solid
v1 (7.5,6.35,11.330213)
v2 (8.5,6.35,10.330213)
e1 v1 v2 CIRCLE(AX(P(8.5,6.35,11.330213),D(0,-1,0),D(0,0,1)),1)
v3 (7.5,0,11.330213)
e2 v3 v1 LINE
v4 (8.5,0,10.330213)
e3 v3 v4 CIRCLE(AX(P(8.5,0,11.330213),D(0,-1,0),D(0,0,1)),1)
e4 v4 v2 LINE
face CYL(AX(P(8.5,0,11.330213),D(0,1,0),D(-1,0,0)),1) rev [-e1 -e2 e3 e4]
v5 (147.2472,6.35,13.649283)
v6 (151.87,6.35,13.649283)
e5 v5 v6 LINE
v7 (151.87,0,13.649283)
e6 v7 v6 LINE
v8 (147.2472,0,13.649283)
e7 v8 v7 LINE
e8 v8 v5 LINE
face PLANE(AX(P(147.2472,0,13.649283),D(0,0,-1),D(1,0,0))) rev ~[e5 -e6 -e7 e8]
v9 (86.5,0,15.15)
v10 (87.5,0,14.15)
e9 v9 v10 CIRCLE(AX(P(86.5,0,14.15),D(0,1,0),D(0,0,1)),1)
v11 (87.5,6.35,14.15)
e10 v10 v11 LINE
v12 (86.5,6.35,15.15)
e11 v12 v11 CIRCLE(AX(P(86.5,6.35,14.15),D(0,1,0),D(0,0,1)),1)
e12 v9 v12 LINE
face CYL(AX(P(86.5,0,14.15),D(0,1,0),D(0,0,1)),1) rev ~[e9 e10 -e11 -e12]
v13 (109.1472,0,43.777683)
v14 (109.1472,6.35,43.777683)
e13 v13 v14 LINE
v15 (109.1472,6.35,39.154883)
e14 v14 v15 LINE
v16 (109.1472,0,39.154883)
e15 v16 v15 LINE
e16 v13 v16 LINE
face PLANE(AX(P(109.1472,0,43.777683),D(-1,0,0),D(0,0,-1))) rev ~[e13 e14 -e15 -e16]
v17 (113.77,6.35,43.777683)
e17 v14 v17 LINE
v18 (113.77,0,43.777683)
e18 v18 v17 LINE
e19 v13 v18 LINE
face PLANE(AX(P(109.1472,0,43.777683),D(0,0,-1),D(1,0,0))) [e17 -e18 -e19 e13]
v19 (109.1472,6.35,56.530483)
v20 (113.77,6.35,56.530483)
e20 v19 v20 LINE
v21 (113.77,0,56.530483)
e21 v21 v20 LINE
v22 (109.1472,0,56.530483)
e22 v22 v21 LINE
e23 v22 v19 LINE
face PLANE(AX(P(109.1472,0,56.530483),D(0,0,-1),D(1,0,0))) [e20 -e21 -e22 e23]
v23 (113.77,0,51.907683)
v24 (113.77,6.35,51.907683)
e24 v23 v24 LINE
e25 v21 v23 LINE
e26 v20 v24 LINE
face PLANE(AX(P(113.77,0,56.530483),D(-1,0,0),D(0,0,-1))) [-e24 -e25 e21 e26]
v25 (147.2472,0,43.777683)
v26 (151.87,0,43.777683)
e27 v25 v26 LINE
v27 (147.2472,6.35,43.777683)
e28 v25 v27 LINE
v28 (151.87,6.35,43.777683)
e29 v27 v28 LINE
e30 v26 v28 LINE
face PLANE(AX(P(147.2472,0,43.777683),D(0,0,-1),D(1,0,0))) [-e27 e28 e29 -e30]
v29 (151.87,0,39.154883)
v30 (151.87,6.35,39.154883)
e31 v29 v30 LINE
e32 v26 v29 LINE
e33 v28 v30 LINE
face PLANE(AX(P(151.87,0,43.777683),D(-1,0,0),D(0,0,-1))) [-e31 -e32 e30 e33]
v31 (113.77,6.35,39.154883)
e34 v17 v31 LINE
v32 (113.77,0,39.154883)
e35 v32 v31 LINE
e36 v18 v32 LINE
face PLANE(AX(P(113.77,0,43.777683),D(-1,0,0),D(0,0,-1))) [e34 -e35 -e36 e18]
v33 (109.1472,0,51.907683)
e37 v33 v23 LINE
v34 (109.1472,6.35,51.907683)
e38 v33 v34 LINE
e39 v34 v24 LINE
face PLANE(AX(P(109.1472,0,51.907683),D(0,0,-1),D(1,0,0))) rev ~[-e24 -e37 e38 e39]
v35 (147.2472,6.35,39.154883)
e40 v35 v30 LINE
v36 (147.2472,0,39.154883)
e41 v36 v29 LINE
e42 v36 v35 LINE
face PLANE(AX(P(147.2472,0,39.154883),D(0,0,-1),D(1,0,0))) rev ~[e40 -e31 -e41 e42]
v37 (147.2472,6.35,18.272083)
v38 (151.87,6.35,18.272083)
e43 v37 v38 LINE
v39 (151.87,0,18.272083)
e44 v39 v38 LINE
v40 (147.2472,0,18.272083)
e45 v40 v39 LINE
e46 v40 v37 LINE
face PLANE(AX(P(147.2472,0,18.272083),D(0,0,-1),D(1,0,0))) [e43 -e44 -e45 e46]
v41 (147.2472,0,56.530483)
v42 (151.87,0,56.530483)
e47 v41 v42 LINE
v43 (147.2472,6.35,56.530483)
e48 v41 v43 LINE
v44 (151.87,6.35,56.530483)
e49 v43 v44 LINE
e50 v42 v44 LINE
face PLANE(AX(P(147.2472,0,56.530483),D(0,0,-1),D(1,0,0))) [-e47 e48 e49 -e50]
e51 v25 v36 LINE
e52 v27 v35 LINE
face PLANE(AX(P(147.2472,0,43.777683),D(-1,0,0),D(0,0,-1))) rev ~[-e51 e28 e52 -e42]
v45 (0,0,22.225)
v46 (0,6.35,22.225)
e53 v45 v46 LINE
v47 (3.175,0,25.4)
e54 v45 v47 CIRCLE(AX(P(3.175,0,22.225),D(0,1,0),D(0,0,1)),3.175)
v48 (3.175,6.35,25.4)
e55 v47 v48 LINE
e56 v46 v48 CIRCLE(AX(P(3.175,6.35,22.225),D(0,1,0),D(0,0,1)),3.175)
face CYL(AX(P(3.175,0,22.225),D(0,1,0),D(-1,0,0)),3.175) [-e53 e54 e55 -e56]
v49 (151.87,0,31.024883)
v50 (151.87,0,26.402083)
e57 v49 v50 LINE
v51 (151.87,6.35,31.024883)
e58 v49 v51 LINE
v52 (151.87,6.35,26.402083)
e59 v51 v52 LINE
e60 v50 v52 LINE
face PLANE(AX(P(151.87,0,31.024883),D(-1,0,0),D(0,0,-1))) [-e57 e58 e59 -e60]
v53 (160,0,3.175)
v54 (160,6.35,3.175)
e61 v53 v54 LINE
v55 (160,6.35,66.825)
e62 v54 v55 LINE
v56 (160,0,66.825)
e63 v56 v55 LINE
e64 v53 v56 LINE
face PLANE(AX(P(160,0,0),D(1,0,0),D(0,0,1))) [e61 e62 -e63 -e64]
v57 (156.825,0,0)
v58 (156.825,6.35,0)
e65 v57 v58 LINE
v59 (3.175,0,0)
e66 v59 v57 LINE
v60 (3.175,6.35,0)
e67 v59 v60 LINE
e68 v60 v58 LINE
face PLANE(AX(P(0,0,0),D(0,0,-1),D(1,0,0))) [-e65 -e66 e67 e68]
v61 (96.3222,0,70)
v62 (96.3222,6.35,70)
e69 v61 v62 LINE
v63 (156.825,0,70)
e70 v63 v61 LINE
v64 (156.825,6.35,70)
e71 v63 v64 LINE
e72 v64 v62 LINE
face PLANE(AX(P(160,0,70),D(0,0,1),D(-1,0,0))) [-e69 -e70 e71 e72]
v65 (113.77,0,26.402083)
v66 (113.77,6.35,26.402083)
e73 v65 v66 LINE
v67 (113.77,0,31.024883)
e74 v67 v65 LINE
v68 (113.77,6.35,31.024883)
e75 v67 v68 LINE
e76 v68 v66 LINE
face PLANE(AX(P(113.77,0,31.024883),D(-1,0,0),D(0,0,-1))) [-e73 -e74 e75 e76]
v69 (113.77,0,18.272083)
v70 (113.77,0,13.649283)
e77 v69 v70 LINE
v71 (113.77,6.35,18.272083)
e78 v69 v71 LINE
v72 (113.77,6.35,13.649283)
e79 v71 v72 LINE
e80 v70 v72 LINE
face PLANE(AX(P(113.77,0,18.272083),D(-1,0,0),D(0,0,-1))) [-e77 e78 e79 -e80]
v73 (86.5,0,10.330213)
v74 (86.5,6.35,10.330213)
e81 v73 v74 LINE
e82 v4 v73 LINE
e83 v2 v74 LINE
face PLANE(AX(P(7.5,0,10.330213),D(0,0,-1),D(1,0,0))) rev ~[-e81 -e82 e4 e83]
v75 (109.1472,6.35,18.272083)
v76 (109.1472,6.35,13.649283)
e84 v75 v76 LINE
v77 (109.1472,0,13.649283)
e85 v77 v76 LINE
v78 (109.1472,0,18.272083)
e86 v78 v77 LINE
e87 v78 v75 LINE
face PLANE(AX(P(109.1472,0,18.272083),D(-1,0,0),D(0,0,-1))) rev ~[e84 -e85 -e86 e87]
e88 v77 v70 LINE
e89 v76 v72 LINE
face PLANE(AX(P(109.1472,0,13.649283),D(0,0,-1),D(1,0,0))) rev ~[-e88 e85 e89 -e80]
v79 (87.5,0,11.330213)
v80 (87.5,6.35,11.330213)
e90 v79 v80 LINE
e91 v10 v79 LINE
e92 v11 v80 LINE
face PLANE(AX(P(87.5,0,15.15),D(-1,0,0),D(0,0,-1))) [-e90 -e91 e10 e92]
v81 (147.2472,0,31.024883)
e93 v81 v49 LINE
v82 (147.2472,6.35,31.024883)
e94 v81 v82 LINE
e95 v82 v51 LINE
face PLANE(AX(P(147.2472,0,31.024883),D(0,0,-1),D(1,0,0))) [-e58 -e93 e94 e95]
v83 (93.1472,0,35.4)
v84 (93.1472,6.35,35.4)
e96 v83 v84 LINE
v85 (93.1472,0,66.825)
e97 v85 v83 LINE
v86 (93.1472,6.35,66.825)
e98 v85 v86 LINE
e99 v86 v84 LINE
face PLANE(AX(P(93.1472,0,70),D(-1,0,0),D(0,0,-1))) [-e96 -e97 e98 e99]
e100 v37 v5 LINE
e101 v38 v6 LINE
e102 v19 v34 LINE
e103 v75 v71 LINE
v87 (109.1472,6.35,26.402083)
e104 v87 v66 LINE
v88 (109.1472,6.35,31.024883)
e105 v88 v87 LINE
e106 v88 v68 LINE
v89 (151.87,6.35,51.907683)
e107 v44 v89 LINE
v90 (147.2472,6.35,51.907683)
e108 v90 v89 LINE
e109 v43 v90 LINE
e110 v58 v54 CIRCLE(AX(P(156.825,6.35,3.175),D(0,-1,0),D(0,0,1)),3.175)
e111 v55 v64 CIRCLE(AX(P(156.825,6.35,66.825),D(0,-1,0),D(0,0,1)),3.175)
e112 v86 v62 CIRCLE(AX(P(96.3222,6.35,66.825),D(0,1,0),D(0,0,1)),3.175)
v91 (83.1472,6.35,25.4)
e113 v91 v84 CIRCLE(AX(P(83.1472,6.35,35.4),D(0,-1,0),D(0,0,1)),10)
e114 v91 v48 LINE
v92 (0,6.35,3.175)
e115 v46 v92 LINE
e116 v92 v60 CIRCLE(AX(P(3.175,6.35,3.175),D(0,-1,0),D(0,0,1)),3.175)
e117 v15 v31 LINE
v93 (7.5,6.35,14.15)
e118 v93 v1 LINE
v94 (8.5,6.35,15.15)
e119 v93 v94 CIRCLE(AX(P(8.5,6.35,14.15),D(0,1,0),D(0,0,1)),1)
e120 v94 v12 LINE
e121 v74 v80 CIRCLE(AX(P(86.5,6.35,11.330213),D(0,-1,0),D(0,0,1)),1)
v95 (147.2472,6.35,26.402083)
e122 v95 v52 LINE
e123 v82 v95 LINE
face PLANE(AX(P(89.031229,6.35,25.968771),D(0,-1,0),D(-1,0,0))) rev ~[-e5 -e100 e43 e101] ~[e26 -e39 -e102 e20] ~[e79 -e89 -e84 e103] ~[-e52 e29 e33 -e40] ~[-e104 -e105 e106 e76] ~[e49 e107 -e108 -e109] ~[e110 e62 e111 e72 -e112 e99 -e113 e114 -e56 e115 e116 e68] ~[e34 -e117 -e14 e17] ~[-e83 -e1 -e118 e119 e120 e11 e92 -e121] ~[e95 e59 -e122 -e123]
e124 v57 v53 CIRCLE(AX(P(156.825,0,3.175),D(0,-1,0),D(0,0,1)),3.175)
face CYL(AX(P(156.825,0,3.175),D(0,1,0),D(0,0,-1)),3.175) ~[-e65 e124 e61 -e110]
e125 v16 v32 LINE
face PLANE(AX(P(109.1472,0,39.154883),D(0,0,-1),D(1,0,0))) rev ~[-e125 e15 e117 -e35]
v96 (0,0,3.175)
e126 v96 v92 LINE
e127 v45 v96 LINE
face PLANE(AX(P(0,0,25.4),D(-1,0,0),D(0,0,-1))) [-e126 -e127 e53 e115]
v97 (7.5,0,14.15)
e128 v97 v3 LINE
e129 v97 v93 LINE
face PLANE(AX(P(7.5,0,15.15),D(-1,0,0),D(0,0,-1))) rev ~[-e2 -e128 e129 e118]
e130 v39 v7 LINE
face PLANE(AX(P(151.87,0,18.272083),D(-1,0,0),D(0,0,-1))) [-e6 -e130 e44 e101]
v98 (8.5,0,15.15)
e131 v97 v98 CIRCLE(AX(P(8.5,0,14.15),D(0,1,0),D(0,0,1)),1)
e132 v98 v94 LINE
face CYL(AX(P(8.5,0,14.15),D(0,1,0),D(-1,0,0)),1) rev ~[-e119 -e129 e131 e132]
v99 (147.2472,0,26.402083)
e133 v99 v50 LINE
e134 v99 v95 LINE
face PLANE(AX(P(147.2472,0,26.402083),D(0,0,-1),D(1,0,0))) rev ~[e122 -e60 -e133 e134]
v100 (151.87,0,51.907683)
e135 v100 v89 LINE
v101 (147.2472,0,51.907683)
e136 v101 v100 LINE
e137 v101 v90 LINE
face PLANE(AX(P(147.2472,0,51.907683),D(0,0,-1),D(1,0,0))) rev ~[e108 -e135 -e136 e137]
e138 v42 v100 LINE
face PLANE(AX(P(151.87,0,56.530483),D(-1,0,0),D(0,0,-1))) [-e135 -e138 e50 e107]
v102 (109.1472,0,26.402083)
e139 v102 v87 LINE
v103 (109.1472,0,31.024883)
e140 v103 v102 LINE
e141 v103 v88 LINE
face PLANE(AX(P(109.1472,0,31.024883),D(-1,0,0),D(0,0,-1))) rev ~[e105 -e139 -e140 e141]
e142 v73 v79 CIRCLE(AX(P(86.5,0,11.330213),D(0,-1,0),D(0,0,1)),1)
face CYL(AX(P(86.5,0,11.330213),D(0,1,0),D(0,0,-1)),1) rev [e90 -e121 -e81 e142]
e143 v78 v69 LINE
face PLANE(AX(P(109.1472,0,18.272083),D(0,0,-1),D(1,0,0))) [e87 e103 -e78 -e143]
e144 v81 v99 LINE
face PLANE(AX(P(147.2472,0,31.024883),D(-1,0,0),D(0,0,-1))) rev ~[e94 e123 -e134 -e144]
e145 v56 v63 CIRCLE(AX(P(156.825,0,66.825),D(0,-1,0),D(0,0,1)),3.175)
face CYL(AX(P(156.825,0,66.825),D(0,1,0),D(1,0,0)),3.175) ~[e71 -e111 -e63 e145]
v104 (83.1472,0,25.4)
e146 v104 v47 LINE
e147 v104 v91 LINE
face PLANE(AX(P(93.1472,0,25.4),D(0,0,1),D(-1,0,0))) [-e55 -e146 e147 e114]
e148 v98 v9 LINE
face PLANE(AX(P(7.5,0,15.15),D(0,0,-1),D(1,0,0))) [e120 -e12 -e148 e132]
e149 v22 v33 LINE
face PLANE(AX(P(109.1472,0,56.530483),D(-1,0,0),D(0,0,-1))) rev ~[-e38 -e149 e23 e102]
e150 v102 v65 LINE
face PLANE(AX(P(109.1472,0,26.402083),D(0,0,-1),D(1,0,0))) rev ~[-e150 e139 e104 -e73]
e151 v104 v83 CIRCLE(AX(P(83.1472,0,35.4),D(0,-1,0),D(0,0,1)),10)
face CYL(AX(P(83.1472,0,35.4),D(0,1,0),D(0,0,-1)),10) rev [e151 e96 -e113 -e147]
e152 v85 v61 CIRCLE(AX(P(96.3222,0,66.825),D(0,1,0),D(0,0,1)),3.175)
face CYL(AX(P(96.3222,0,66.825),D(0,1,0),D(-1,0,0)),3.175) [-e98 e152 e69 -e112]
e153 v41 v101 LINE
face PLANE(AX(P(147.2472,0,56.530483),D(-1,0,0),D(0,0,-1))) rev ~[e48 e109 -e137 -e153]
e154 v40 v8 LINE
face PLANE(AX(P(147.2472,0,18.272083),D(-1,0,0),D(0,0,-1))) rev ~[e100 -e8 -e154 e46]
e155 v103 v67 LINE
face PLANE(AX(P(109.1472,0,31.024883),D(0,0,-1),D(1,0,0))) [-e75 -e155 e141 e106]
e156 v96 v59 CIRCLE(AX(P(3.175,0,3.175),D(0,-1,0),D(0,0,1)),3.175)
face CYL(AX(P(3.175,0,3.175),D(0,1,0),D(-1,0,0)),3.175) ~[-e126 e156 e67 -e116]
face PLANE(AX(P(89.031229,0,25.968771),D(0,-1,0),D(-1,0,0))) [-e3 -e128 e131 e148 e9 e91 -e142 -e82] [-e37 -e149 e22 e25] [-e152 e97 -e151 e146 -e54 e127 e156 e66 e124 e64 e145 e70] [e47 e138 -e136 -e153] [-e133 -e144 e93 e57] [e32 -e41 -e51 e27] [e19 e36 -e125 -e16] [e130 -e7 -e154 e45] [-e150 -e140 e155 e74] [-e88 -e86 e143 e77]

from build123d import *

# Parameters (mm, degrees)
SKETCH1_W           = 80
SKETCH1_H           = 4.819787269
SKETCH1_W_2         = 4.6228
SKETCH1_H_2         = 4.6228
BOSS_EXTRUDE1_DEPTH = 6.35
FILLET2_R           = 3.175
FILLET3_R           = 3.175
FILLET4_R           = 10
FILLET5_R           = 1


with BuildPart() as part:
    # Sketch1 → Boss-Extrude1 (new body)
    with BuildSketch(Plane(origin=(0, 0, 0), x_dir=(1, 0, 0), z_dir=(0, 1, 0))):
        Polygon((0, 0), (160, 0), (160, -70), (93.1472, -70), (93.1472, -25.4), (0, -25.4), align=None)
        with Locations((47.5, -12.740106366)):
            Rectangle(SKETCH1_W, SKETCH1_H, mode=Mode.SUBTRACT)
        with Locations((149.5586, -15.96068286)):
            Rectangle(SKETCH1_W_2, SKETCH1_H_2, mode=Mode.SUBTRACT)
        with Locations((149.5586, -28.71348286)):
            Rectangle(SKETCH1_W_2, SKETCH1_H_2, mode=Mode.SUBTRACT)
        with Locations((149.5586, -41.46628286)):
            Rectangle(SKETCH1_W_2, SKETCH1_H_2, mode=Mode.SUBTRACT)
        with Locations((111.4586, -15.96068286)):
            Rectangle(SKETCH1_W_2, SKETCH1_H_2, mode=Mode.SUBTRACT)
        with Locations((111.4586, -28.71348286)):
            Rectangle(SKETCH1_W_2, SKETCH1_H_2, mode=Mode.SUBTRACT)
        with Locations((111.4586, -41.46628286)):
            Rectangle(SKETCH1_W_2, SKETCH1_H_2, mode=Mode.SUBTRACT)
        with Locations((149.5586, -54.21908286)):
            Rectangle(SKETCH1_W_2, SKETCH1_H_2, mode=Mode.SUBTRACT)
        with Locations((111.4586, -54.21908286)):
            Rectangle(SKETCH1_W_2, SKETCH1_H_2, mode=Mode.SUBTRACT)
    extrude(amount=BOSS_EXTRUDE1_DEPTH)

    # Fillet2
    fillet2_edges = [part.edges().sort_by_distance(p)[0] for p in [
        (0, 3.175, 25.4),
    ]]
    fillet(fillet2_edges, radius=FILLET2_R)

    # Fillet3
    fillet3_edges = [part.edges().sort_by_distance(p)[0] for p in [
        (0, 3.175, 0),
        (160, 3.175, 0),
        (160, 3.175, 70),
        (93.1472, 3.175, 70),
    ]]
    fillet(fillet3_edges, radius=FILLET3_R)

    # Fillet4
    fillet4_edges = [part.edges().sort_by_distance(p)[0] for p in [
        (93.1472, 3.175, 25.4),
    ]]
    fillet(fillet4_edges, radius=FILLET4_R)

    # Fillet5
    fillet5_edges = [part.edges().sort_by_distance(p)[0] for p in [
        (7.5, 3.175, 10.330212731),
        (7.5, 3.175, 15.15),
        (87.5, 3.175, 15.15),
        (87.5, 3.175, 10.330212731),
    ]]
    fillet(fillet5_edges, radius=FILLET5_R)


solid = part.part
